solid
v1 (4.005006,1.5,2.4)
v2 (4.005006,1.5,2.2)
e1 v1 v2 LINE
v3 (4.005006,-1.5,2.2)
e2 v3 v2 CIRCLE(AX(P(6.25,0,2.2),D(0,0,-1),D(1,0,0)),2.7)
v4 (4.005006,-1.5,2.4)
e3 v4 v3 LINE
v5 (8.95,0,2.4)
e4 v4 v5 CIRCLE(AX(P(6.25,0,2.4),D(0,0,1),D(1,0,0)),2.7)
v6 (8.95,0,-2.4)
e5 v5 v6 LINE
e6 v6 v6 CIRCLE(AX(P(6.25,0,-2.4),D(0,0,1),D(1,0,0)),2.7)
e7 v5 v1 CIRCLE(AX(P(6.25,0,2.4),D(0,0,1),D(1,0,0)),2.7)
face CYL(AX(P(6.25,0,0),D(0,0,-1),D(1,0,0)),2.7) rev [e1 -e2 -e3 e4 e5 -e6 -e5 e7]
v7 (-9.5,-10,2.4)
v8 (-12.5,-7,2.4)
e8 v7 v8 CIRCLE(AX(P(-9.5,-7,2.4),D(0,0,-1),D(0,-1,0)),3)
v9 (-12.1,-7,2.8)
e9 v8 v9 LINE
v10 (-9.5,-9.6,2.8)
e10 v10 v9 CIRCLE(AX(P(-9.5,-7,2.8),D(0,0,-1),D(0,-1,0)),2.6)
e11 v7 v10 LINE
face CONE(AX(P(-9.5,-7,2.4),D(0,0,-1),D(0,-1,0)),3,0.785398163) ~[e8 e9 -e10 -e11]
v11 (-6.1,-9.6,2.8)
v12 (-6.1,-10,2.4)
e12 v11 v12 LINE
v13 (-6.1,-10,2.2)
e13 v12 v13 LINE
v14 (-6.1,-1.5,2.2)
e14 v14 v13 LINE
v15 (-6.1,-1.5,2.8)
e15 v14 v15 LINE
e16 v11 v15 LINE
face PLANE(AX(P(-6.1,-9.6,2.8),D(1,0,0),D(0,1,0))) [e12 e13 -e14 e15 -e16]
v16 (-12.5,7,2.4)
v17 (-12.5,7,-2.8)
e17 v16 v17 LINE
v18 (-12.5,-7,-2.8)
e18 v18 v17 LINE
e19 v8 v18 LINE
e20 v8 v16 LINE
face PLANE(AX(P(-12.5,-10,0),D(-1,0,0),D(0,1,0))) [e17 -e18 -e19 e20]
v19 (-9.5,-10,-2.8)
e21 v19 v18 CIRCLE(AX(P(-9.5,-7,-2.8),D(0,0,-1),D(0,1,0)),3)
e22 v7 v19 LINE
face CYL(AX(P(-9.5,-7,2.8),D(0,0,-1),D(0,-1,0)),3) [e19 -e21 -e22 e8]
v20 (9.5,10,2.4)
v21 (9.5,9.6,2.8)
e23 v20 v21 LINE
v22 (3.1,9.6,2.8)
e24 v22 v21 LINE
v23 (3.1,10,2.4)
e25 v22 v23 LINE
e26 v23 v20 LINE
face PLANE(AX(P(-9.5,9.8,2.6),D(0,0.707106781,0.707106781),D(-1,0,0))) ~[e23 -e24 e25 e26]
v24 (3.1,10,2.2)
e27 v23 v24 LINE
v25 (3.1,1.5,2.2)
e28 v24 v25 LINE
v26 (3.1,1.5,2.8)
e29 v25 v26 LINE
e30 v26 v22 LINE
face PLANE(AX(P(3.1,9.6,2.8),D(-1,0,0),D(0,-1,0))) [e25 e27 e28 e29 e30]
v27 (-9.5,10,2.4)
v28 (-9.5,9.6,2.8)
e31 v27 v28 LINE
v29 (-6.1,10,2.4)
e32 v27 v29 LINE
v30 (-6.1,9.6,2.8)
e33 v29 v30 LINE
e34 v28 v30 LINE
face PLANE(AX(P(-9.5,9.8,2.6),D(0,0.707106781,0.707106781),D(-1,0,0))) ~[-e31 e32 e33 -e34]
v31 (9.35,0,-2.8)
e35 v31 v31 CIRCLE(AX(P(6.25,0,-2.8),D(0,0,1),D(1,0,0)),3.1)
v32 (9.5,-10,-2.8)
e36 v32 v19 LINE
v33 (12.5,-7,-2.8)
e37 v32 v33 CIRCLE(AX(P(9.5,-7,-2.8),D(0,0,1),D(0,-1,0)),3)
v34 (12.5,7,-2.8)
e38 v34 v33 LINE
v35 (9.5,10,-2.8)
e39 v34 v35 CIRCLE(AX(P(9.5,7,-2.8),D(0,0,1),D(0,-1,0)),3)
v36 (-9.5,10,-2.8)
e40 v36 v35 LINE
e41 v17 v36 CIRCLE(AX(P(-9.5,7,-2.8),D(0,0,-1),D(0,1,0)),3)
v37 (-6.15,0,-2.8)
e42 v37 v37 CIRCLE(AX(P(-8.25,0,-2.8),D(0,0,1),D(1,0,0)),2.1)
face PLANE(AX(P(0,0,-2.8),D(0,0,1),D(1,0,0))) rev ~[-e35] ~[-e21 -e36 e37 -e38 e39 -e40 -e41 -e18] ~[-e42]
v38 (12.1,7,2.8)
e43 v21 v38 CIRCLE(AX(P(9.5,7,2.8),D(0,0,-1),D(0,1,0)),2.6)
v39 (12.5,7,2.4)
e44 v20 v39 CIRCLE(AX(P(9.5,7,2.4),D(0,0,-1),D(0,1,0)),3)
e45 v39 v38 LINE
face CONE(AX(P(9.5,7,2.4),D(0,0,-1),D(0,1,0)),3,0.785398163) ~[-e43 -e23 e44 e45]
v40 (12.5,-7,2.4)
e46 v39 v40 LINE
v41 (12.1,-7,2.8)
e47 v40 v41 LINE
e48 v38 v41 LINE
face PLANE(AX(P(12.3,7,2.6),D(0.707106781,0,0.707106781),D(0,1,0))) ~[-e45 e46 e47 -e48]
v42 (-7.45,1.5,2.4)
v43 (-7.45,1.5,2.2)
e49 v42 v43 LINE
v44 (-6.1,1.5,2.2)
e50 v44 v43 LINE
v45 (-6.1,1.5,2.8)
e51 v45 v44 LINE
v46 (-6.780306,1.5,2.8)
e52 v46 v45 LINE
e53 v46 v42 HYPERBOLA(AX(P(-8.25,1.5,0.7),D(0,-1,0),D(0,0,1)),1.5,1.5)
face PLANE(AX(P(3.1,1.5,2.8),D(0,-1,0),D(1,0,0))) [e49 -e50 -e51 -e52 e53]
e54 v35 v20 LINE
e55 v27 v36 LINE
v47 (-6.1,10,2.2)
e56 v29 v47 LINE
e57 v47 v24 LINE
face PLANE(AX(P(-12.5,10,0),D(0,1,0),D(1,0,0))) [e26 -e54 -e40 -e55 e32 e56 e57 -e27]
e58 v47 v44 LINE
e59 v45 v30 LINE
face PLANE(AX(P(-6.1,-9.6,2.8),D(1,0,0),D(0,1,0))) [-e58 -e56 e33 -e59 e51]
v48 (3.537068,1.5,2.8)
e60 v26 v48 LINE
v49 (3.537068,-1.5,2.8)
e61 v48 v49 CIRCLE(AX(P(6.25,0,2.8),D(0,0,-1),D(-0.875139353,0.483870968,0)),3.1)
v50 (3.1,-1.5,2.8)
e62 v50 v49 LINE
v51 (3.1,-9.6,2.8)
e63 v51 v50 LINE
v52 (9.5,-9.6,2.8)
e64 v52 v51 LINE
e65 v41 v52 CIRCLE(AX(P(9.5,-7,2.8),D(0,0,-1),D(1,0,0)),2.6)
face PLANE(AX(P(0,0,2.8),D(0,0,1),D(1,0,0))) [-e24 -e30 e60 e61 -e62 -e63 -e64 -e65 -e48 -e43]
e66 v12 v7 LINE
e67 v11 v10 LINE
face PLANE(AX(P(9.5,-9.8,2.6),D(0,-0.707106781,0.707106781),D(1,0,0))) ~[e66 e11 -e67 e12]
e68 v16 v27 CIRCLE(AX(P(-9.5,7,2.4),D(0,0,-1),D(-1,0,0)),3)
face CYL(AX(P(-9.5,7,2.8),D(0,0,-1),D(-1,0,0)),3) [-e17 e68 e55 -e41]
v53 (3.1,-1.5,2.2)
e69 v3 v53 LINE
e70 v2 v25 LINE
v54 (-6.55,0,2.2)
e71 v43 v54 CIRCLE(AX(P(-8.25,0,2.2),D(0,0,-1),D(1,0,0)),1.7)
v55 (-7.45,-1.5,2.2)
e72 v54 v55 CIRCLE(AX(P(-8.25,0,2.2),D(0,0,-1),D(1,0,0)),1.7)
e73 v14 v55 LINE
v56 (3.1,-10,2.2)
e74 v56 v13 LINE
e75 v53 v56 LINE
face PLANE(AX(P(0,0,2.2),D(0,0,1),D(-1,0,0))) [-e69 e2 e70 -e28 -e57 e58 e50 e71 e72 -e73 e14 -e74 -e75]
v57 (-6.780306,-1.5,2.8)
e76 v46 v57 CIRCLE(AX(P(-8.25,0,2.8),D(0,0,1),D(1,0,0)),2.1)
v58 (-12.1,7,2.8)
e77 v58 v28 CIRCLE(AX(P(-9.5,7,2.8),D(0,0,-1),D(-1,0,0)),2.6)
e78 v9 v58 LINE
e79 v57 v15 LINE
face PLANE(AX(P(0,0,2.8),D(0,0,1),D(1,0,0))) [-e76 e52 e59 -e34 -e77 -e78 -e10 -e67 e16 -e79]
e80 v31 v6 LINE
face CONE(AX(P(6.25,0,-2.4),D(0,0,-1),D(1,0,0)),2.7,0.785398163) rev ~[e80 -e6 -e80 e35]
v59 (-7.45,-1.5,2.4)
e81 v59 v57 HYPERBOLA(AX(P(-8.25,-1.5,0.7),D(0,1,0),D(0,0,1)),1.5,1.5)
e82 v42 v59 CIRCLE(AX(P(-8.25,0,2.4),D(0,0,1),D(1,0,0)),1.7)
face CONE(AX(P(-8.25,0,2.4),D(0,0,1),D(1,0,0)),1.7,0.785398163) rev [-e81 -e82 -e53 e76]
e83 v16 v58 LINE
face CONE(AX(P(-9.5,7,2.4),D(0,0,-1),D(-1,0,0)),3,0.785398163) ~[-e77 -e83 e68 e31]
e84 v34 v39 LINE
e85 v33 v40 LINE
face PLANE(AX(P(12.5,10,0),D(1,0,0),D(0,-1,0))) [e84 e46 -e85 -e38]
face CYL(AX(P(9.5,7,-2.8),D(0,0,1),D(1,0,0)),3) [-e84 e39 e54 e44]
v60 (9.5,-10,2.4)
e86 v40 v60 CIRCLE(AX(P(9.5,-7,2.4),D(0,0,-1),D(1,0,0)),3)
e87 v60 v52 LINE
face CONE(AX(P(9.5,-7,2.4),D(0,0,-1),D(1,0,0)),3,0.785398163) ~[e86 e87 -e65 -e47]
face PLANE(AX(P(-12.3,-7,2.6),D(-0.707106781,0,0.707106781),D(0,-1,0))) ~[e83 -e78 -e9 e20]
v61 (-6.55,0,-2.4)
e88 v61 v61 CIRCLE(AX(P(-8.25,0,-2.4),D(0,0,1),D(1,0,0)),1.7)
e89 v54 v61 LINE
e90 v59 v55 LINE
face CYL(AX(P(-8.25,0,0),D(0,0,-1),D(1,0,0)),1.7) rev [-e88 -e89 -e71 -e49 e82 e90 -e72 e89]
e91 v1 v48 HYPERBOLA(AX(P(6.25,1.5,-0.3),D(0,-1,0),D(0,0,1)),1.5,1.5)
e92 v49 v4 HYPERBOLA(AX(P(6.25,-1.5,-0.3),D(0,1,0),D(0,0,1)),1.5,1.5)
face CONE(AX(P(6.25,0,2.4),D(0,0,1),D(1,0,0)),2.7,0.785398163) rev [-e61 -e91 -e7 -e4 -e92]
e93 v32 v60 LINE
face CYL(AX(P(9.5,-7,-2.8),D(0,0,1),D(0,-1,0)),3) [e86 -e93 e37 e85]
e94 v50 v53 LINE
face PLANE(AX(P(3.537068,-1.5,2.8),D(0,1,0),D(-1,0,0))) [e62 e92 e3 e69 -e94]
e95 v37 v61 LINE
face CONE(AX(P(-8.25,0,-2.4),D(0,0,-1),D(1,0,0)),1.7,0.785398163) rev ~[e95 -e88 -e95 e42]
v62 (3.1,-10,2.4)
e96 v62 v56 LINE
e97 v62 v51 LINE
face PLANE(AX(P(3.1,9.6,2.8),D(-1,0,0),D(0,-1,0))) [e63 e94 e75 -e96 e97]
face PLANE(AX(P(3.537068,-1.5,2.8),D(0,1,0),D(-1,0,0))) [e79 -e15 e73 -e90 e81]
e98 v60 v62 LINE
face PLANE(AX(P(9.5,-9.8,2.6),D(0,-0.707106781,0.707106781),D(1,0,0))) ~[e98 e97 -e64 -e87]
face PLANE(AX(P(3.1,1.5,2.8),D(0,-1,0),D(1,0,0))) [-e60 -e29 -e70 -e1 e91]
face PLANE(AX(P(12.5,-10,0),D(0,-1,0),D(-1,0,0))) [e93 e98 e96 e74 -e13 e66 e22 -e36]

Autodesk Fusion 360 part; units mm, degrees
sketch "Sketch1" plane through (0, 0, 0) normal (0, 0, 1) x (1, 0, 0) in component "Component"
  line L0 (12.5, -10) -> (-12.5, -10)
  line L1 (-12.5, -10) -> (-12.5, 10)
  line L2 (-12.5, 10) -> (12.5, 10)
  line L3 (12.5, 10) -> (12.5, -10)
  line L4 (12.5, -10) -> (-12.5, 10) construction
  line L5 (-12.5, -10) -> (12.5, 10) construction
  line L6 (-12.5, 0) -> (12.5, 0) construction
  line L7 (0, 10) -> (0, -10) construction
  circle A0 centre (-8.25, 0) radius 1.7
  circle A1 centre (6.25, 0) radius 2.7
  dimension "d7" = 25
  dimension "d8" = 20
  dimension "d9" = 3.4
  dimension "d10" = 5.4
  dimension "d11" = 4.25
  dimension "d12" = 6.25
extrude "Extrude1" add sketch "Sketch1" along normal mid plane 5.6 in component "Component"
fillet "Fillet1" radius 3 4 edges at (-12.5, -10, 0) (12.5, -10, 0) (12.5, 10, 0) (-12.5, 10, 0) in component "Component"
chamfer "Chamfer1" distance 0.4 angle 45 12 edges at (0, -10, 2.8) (11.6213, -9.1213, 2.8) (12.5, 0, 2.8) (11.6213, 9.1213, 2.8) (0, 10, 2.8) (-11.6213, 9.1213, 2.8) (-12.5, 0, 2.8) (-11.6213, -9.1213, 2.8) (3.7327, 0.9764, 2.8) (-9.835, 0.6147, 2.8) (3.7327, -0.9764, -2.8) (-9.835, -0.6147, -2.8) in component "Component"
sketch "Sketch2" plane through (0, 0, 2.8) normal (0, 0, 1) x (-1, 0, 0) in component "Component"
  circle A0 centre (-6.25, 0) radius 3.1
  line L0 (9.5, 9.6) -> (-9.5, 9.6)
  arc A1 (-9.5, 9.6) -> (-12.1, 7) centre (-9.5, 7) ccw
  line L1 (-12.1, 7) -> (-12.1, -7)
  arc A2 (-12.1, -7) -> (-9.5, -9.6) centre (-9.5, -7) ccw
  line L2 (-9.5, -9.6) -> (9.5, -9.6)
  arc A3 (9.5, -9.6) -> (12.1, -7) centre (9.5, -7) ccw
  line L3 (12.1, -7) -> (12.1, 7)
  arc A4 (12.1, 7) -> (9.5, 9.6) centre (9.5, 7) ccw
  circle A5 centre (8.25, 0) radius 2.1
  line L4 (12.5, -10) -> (-12.5, -10)
  line L5 (12.5, 10) -> (12.5, -10)
  line L6 (-12.5, 10) -> (12.5, 10)
  line L7 (-12.5, -10) -> (-12.5, 10)
  line L8 (6.1, -10) -> (-3.1, -10)
  line L9 (-3.1, -10) -> (-3.1, 10)
  line L10 (-3.1, 10) -> (6.1, 10)
  line L11 (6.1, 10) -> (6.1, -10)
  dimension "d19" = 9.4
  dimension "d28" = 9.2
extrude "Extrude2" cut sketch "Sketch2" against normal blind 0.6 contours L0 L2 L9 L11 | L0 L6 L9 L10 L11 | L2 L4 L8 L9 L11 in component "Component"
sketch "Sketch3" plane through (0, 0, 2.8) normal (0, 0, 1) x (-1, 0, 0) in component "Component"
  line L0 (-3.1, -9.6) -> (-3.1, 9.6)
  line L1 (-3.1, 9.6) -> (-9.5, 9.6)
  arc A0 (-9.5, 9.6) -> (-12.1, 7) centre (-9.5, 7) ccw
  line L2 (-12.1, 7) -> (-12.1, -7)
  arc A1 (-12.1, -7) -> (-9.5, -9.6) centre (-9.5, -7) ccw
  line L3 (-9.5, -9.6) -> (-3.1, -9.6)
  circle A2 centre (-6.25, 0) radius 3.1
  line L4 (12.5, -10) -> (-12.5, -10)
  line L5 (12.5, 10) -> (12.5, -10)
  line L6 (-12.5, 10) -> (12.5, 10)
  line L7 (-12.5, -10) -> (-12.5, 10)
  line L8 (-8, 1.5) -> (8, 1.5)
  line L9 (8, 1.5) -> (8, -1.5)
  line L10 (8, -1.5) -> (-8, -1.5)
  line L11 (-8, -1.5) -> (-8, 1.5)
  line L12 (-8, 1.5) -> (8, -1.5) construction
  line L13 (8, 1.5) -> (-8, -1.5) construction
  dimension "d22" = 3
  dimension "d23" = 16
extrude "Extrude3" cut sketch "Sketch3" against normal blind 0.6 contours L0 A2 L8 L10 | L0 L8 L9 L10 | A2 L8 L10 L11 picked at (-6.3833, 0) in component "Component"
component "Component" placed x (1, 0, 0) y (0, 1, 0) z (0, 0, 1) at (0, 0, 0)
equation "d7 = z_belt_width + 16 mm"
equation "d13 = ( 5.6 / 2 ) * 1 mm"
equation "d17 = chamfer"
equation "z_belt_width = 9 mm"
equation "tolerance = 0.2 mm"
equation "d28 = z_belt_width + tolerance"
equation "chamfer = 0.4 mm"
